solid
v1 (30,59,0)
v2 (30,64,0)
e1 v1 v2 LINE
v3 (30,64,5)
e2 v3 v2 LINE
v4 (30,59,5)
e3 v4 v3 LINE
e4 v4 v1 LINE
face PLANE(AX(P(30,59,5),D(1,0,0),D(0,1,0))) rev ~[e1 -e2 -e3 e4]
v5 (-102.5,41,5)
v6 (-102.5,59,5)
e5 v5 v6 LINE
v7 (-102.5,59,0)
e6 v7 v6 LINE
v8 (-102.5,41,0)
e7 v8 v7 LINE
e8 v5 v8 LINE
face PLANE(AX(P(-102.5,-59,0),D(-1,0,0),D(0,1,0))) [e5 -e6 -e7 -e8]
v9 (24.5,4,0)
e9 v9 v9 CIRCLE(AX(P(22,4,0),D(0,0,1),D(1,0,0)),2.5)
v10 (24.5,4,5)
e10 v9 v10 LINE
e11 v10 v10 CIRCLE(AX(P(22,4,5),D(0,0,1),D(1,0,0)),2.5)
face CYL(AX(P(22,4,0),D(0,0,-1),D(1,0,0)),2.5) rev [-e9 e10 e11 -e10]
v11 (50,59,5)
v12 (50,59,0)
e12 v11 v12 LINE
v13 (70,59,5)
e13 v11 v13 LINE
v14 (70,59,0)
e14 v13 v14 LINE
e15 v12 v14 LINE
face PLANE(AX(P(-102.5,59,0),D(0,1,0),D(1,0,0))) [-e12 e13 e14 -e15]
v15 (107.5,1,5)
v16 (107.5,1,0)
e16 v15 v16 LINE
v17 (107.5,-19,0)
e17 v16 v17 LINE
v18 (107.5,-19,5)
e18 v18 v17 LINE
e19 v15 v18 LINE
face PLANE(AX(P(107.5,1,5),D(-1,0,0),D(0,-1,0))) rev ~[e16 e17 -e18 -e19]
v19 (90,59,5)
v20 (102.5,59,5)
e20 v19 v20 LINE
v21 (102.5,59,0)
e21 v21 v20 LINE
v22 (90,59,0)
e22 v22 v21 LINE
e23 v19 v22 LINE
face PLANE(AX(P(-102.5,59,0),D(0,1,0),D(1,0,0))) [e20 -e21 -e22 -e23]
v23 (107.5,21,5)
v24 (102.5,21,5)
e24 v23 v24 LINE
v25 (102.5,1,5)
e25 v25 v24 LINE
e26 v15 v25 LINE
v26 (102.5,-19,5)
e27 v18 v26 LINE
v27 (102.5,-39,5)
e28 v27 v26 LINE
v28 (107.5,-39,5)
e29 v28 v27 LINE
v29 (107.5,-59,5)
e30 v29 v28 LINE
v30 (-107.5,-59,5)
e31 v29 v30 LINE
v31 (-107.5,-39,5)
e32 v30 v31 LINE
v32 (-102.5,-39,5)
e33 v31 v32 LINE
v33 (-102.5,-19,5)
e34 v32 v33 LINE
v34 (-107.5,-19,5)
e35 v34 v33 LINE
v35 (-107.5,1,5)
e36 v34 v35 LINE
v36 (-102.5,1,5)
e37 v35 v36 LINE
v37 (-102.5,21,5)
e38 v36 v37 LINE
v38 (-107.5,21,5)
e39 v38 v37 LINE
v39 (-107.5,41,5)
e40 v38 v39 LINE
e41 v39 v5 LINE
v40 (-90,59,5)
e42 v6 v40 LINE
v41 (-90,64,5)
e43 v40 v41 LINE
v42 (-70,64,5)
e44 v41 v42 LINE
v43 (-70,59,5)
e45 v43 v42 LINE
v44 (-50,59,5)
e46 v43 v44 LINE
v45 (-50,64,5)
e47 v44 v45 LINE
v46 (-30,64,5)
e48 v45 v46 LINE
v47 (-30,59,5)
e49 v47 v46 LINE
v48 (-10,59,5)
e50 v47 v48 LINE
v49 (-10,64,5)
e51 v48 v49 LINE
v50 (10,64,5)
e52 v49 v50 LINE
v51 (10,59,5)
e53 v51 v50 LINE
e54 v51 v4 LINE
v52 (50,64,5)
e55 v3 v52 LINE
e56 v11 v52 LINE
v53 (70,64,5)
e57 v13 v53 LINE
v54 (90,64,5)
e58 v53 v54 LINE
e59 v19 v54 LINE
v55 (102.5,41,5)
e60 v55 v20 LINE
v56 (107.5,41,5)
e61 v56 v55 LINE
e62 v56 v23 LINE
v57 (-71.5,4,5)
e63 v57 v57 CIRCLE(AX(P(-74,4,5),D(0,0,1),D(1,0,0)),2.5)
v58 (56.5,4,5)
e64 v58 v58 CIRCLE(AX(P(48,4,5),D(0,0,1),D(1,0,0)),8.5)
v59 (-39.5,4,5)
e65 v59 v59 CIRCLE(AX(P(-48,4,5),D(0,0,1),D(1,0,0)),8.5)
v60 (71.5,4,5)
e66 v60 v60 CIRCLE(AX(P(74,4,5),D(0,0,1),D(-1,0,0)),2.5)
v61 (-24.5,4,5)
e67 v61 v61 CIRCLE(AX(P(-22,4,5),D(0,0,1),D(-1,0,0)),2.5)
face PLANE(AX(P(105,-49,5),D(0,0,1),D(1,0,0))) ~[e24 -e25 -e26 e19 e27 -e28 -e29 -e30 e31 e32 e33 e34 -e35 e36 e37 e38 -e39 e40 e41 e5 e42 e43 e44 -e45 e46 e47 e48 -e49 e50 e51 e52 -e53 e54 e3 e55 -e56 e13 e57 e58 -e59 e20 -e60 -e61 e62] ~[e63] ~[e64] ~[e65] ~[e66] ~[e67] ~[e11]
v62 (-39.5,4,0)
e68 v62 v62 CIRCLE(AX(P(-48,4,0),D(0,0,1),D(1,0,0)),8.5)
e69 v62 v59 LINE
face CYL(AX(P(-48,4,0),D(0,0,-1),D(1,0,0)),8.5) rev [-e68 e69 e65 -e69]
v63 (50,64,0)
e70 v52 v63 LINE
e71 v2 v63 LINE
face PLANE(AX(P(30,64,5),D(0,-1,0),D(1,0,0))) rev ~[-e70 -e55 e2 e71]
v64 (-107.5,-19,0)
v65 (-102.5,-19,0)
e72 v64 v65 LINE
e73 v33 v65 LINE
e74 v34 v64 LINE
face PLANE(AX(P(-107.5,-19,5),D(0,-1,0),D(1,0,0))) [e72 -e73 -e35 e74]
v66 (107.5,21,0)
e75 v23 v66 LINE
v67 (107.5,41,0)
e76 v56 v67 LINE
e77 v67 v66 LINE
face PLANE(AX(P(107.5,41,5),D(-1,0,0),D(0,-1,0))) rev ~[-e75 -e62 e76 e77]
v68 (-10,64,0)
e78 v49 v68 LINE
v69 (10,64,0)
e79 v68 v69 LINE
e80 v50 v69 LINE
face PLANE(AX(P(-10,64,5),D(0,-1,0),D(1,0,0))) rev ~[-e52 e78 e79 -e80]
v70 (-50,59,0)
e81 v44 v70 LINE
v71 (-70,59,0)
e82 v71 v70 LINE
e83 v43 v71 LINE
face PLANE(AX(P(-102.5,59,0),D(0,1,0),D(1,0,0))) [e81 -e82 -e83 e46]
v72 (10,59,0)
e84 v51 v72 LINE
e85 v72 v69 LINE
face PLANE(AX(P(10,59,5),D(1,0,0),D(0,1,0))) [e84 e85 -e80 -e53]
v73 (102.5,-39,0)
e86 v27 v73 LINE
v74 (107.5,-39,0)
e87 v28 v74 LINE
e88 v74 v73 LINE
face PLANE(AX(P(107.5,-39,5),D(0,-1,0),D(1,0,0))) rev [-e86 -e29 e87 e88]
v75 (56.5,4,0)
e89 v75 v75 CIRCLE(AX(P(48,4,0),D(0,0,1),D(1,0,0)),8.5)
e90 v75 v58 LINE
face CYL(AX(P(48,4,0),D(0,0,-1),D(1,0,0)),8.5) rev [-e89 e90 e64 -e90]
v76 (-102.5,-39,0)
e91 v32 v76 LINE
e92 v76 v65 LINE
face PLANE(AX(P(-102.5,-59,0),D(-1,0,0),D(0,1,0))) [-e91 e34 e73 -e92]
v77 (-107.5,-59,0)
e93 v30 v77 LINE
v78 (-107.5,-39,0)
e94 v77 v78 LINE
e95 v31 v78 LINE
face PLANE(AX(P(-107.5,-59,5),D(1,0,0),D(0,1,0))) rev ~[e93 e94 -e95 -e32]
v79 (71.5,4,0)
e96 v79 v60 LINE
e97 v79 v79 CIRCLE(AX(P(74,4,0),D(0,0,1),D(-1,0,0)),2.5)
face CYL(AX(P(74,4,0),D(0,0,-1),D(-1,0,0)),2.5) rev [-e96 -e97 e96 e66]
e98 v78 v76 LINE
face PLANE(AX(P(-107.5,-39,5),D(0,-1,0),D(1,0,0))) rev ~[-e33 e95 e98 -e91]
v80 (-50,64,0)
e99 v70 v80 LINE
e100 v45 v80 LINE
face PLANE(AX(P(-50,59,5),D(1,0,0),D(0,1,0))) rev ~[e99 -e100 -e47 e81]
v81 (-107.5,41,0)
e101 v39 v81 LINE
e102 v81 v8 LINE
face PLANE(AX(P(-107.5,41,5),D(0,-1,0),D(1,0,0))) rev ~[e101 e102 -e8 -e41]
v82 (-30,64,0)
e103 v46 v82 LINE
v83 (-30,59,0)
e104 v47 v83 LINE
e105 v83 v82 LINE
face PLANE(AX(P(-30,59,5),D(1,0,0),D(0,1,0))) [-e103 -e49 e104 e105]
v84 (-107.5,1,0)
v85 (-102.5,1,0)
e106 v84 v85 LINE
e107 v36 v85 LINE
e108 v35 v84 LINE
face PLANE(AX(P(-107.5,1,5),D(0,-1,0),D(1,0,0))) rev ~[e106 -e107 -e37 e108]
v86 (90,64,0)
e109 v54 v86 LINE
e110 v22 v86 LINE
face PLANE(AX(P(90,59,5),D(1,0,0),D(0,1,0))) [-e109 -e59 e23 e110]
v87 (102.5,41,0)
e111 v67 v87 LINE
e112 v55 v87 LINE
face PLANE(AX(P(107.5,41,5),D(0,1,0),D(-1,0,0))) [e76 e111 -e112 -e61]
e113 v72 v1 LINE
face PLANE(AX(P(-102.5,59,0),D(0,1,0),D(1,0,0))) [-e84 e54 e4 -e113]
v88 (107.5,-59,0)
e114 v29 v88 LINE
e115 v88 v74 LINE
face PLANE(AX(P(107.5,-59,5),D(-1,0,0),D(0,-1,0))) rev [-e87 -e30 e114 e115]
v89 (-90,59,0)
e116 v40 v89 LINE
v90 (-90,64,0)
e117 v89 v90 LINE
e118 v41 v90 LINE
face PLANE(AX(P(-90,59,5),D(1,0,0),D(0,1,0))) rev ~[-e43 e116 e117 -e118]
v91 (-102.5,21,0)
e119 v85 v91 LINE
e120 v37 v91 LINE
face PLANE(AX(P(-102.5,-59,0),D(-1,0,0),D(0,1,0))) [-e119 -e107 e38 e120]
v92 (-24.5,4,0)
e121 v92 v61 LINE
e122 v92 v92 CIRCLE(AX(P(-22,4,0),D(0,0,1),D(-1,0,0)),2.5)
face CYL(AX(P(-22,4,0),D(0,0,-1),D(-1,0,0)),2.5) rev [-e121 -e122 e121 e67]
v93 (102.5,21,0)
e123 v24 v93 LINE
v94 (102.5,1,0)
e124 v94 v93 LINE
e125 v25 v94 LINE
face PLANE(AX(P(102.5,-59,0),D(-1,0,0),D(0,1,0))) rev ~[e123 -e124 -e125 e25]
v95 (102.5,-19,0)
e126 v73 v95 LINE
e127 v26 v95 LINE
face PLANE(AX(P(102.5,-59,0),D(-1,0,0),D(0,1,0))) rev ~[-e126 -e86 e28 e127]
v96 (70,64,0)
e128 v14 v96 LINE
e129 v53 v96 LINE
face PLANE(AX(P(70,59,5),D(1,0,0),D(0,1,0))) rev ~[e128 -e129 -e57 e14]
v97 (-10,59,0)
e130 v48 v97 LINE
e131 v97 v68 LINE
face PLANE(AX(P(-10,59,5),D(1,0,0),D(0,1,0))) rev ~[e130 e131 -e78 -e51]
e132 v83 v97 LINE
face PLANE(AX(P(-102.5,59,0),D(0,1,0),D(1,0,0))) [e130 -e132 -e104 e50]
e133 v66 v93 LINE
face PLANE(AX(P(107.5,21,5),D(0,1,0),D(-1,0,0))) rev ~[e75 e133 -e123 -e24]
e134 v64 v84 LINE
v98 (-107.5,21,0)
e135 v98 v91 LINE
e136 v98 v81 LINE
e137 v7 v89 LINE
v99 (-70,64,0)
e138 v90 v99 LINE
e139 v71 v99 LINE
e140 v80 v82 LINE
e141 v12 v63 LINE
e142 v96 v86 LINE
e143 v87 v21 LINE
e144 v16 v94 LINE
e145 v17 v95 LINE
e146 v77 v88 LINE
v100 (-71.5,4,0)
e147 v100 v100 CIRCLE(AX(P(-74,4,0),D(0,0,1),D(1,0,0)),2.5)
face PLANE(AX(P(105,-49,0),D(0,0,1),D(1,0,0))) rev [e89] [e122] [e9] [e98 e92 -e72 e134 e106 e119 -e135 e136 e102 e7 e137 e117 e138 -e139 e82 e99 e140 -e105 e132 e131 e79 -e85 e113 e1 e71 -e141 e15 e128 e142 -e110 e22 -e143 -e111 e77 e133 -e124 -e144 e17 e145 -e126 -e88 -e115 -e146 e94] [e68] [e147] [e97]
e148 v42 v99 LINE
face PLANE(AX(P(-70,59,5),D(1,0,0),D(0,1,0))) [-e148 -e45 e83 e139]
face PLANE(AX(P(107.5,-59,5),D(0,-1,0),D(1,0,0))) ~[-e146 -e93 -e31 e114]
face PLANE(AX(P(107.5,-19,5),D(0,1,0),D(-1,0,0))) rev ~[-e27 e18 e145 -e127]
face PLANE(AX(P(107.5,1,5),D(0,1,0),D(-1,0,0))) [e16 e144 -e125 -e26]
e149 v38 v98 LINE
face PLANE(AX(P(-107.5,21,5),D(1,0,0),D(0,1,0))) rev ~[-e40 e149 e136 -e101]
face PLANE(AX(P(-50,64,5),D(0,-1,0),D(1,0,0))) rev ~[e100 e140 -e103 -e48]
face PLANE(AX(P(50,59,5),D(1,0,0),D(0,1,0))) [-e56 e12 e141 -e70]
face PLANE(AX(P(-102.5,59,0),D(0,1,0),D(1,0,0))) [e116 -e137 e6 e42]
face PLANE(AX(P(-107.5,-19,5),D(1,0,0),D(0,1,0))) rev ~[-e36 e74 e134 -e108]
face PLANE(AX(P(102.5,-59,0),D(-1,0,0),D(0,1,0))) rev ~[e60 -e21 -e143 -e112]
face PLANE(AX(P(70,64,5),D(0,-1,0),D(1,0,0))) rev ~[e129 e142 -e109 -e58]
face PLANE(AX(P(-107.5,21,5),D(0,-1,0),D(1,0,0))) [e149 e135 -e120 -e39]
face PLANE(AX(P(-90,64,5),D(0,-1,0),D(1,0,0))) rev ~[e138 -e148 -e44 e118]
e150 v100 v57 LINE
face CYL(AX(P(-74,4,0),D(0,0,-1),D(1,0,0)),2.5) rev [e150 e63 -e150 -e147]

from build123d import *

# Parameters (mm, degrees)
SKETCH_1_W               = 205
SKETCH_1_H               = 118
SKETCH_1_R               = 8.5
SKETCH_1_R_2             = 2.5
EXTRUDE_1_DEPTH          = 5
SKETCH_2_W               = 5
SKETCH_2_H               = 20
EXTRUDE_2_DEPTH          = 5
PATTERN_LINEAR_1_COUNT   = 3
PATTERN_LINEAR_1_PITCH   = 40
MIRROR_1_COPY_1_SKETCH_W = 5
MIRROR_1_COPY_1_SKETCH_H = 20
MIRROR_1_COPY_1_DEPTH    = 5
MIRROR_1_COPY_2_SKETCH_W = 5
MIRROR_1_COPY_2_SKETCH_H = 20
MIRROR_1_COPY_2_DEPTH    = 5
SKETCH_3_W               = 20
SKETCH_3_H               = 5
EXTRUDE_3_DEPTH          = 5
PATTERN_LINEAR_2_COUNT   = 3
PATTERN_LINEAR_2_PITCH   = 40
PATTERN_LINEAR_3_COUNT   = 3
PATTERN_LINEAR_3_PITCH   = 40


with BuildPart() as part:
    # 스케치1 → 보스-돌출1 (new body)
    with BuildSketch(Plane.XY):
        Rectangle(SKETCH_1_W, SKETCH_1_H)
        with Locations((48, 4)):
            Circle(SKETCH_1_R, mode=Mode.SUBTRACT)
        with Locations((-48, 4)):
            Circle(SKETCH_1_R, mode=Mode.SUBTRACT)
        with Locations((-74, 4)):
            Circle(SKETCH_1_R_2, mode=Mode.SUBTRACT)
        with Locations(Location((-22, 4, 0), (0, 0, 180))):
            Circle(SKETCH_1_R_2, mode=Mode.SUBTRACT)
        with Locations((22, 4)):
            Circle(SKETCH_1_R_2, mode=Mode.SUBTRACT)
        with Locations(Location((74, 4, 0), (0, 0, 180))):
            Circle(SKETCH_1_R_2, mode=Mode.SUBTRACT)
    extrude(amount=EXTRUDE_1_DEPTH)

    # 스케치2 → 보스-돌출2 (add)
    with BuildSketch(Plane.XY.offset(5)):
        with Locations((-105, -49)):
            Rectangle(SKETCH_2_W, SKETCH_2_H)
    extrude_2 = extrude(amount=-EXTRUDE_2_DEPTH)

    # 선형 패턴1: 보스-돌출2 ×3
    with Locations(*[(0, i * PATTERN_LINEAR_1_PITCH, 0) for i in range(1, PATTERN_LINEAR_1_COUNT)]):
        add(extrude_2)

    # 대칭 복사1: 보스-돌출2 across plane
    add(extrude_2.mirror(Plane(origin=(0, 0, 0), x_dir=(0, 0, 1), z_dir=(1, 0, 0))))

    # 대칭 복사1 copy 1 sketch → 대칭 복사1 copy 1 (add)
    with BuildSketch(Plane(origin=(0, 40, 5), x_dir=(-1, 0, 0), z_dir=(0, 0, 1))):
        with Locations((-105, 49)):
            Rectangle(MIRROR_1_COPY_1_SKETCH_W, MIRROR_1_COPY_1_SKETCH_H)
    extrude(amount=-MIRROR_1_COPY_1_DEPTH)

    # 대칭 복사1 copy 2 sketch → 대칭 복사1 copy 2 (add)
    with BuildSketch(Plane(origin=(0, 80, 5), x_dir=(-1, 0, 0), z_dir=(0, 0, 1))):
        with Locations((-105, 49)):
            Rectangle(MIRROR_1_COPY_2_SKETCH_W, MIRROR_1_COPY_2_SKETCH_H)
    extrude(amount=-MIRROR_1_COPY_2_DEPTH)

    # 스케치3 → 보스-돌출3 (add)
    with BuildSketch(Plane.XY.offset(5)):
        with Locations((0, 61.5)):
            Rectangle(SKETCH_3_W, SKETCH_3_H)
    extrude_3 = extrude(amount=-EXTRUDE_3_DEPTH)

    # 선형 패턴2: 보스-돌출3 ×3
    with Locations(*[(i * PATTERN_LINEAR_2_PITCH, 0, 0) for i in range(1, PATTERN_LINEAR_2_COUNT)]):
        add(extrude_3)

    # 선형 패턴3: 보스-돌출3 ×3
    with Locations(*[(-i * PATTERN_LINEAR_3_PITCH, 0, 0) for i in range(1, PATTERN_LINEAR_3_COUNT)]):
        add(extrude_3)


solid = part.part
